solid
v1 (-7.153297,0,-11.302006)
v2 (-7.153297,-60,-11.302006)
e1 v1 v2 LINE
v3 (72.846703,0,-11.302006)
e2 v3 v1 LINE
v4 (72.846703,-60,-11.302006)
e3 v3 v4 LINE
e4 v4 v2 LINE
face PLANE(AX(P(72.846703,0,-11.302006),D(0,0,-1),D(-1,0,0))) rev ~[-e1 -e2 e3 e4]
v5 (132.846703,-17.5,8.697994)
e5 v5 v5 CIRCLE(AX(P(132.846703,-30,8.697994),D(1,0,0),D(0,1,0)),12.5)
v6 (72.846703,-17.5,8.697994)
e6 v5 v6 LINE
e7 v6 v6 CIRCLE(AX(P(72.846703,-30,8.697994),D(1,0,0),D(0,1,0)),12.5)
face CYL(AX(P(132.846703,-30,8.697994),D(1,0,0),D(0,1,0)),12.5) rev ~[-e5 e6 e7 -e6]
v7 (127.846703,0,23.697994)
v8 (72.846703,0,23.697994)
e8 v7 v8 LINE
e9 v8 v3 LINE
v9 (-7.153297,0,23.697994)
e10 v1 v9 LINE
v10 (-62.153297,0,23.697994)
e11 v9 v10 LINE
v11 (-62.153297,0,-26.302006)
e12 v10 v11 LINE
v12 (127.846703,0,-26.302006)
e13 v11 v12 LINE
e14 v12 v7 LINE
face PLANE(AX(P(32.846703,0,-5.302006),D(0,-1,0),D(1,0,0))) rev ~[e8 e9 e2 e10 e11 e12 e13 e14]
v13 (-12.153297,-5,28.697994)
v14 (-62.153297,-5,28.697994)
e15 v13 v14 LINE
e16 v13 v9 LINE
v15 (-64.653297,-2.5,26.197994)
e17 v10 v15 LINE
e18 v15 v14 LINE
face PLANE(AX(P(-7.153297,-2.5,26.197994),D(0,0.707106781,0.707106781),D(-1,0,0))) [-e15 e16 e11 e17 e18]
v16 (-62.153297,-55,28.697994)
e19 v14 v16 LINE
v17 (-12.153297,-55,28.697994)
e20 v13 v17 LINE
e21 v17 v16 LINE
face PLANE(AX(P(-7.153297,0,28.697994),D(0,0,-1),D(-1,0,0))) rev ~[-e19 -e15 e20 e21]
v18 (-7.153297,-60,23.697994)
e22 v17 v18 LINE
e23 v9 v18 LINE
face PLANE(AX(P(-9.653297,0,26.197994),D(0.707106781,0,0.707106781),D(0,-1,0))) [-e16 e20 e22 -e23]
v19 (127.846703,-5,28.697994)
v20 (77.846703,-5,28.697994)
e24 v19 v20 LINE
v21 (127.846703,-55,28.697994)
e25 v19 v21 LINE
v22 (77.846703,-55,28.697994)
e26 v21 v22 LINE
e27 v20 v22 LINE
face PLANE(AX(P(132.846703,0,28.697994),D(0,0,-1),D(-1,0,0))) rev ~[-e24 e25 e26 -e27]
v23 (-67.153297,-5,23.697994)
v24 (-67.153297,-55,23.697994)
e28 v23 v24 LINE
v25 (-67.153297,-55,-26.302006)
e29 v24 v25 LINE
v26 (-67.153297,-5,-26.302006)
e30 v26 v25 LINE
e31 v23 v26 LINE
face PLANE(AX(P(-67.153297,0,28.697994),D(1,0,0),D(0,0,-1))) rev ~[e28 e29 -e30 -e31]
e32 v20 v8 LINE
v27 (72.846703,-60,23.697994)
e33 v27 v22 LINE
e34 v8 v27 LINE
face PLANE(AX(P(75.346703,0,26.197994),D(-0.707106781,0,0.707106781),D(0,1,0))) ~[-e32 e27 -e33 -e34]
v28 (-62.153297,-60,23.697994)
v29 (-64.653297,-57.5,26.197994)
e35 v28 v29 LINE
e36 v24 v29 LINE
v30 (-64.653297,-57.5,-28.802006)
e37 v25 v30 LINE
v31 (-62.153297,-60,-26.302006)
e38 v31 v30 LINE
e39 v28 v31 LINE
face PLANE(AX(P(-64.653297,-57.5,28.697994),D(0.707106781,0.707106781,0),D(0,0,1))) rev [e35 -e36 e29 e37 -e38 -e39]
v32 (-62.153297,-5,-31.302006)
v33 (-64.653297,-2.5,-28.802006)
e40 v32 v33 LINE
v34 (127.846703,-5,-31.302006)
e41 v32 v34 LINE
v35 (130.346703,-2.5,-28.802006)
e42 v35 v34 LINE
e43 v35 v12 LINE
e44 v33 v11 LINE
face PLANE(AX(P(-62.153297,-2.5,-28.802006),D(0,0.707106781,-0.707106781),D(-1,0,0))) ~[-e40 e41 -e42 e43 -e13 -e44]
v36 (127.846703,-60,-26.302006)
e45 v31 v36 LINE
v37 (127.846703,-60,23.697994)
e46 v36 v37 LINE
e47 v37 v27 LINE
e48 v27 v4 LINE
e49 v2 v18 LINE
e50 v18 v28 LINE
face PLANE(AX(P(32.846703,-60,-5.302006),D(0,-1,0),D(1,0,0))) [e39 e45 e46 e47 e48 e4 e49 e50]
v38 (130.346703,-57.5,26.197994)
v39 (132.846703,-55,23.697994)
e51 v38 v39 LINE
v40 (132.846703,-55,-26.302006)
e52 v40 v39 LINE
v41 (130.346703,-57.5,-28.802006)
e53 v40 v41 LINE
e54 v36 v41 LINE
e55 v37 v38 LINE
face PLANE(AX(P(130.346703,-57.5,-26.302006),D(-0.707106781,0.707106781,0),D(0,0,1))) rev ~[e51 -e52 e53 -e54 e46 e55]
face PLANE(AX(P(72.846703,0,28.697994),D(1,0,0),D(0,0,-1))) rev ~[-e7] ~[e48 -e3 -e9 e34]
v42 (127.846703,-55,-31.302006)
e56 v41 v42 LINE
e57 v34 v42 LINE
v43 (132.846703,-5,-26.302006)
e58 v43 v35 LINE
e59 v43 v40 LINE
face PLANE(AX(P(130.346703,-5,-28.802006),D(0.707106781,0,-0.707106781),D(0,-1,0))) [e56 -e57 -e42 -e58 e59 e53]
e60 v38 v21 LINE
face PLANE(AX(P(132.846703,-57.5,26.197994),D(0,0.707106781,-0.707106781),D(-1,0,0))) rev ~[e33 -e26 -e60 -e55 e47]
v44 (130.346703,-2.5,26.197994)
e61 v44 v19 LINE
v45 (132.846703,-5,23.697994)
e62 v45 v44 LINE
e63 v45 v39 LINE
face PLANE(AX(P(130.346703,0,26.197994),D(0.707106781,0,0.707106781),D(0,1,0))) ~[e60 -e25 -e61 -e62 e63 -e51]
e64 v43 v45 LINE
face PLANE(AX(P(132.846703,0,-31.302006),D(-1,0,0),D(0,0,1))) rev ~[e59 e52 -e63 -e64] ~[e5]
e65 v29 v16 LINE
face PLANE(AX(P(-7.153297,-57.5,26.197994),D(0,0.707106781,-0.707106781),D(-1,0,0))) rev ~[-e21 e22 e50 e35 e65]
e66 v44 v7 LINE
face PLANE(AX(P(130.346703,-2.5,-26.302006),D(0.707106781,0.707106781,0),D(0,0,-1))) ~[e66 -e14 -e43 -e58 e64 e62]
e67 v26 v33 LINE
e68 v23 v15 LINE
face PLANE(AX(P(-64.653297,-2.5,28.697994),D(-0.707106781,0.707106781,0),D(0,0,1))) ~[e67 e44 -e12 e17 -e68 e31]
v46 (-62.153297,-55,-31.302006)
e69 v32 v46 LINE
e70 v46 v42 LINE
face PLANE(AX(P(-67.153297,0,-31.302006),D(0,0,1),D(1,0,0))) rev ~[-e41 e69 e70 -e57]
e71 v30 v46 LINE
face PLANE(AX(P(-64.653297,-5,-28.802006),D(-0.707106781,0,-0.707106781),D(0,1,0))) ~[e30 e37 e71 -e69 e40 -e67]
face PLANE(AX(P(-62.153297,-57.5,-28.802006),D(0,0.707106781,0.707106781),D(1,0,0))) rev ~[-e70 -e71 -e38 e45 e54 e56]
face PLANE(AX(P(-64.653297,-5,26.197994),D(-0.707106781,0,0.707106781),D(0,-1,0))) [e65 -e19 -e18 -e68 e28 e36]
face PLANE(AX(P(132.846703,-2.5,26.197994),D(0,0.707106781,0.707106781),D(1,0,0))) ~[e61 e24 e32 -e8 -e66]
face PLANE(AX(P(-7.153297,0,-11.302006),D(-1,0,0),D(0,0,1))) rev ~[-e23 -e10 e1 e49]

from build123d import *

# Parameters (mm, degrees)
F1_DEPTH = 60
F2_R     = 12.5
F3_DEPTH = 99
F4_SIZE  = 5
F5_SIZE  = 5
F6_SIZE  = 5
F7_SIZE  = 5


with BuildPart() as f1:
    # F0 (on Front) → F1 (new body)
    with BuildSketch(Plane.XZ):
        Polygon((-7.1532973647, 28.6979936063), (-67.1532973647, 28.6979936063), (-67.1532973647, -31.3020063937), (132.8467026353, -31.3020063937), (132.8467026353, 28.6979936063), (72.8467026353, 28.6979936063), (72.8467026353, -11.3020063937), (-7.1532973647, -11.3020063937), align=None)
    extrude(amount=F1_DEPTH)

    # F2 (on face) → F3 (cut)
    with BuildSketch(Plane.YZ.offset(132.8467026353)):
        with Locations((-30, 8.6979936063)):
            Circle(F2_R)
    extrude(amount=-F3_DEPTH, mode=Mode.SUBTRACT)

    # F4
    f4_edges = [f1.edges().sort_by_distance(p)[0] for p in [
        (-67.153297, -60, -1.302006),
        (-67.153297, 0, -1.302006),
    ]]
    chamfer(f4_edges, length=F4_SIZE)

    # F5 (call 1 of 2: OpenCascade refuses the feature's edges together)
    f5_edges = [f1.edges().sort_by_distance(p)[0] for p in [
        (35.346703, -60, -31.302006),
    ]]
    chamfer(f5_edges, length=F5_SIZE)

    # F5#2 (call 2 of 2)
    f5_2_edges = [f1.edges().sort_by_distance(p)[0] for p in [
        (-67.153297, -30, -31.302006),
    ]]
    chamfer(f5_2_edges, length=F5_SIZE)

    # F6
    f6_edges = [f1.edges().sort_by_distance(p)[0] for p in [
        (-67.153297, -30, 28.697994),
        (132.846703, -30, 28.697994),
        (102.846703, 0, 28.697994),
        (102.846703, -60, 28.697994),
        (72.846703, -30, 28.697994),
        (35.346703, 0, -31.302006),
    ]]
    chamfer(f6_edges, length=F6_SIZE)

    # F7 (call 1 of 4: OpenCascade refuses the feature's edges together)
    f7_edges = [f1.edges().sort_by_distance(p)[0] for p in [
        (132.846703, -60, -1.302006),
    ]]
    chamfer(f7_edges, length=F7_SIZE)

    # F7#2 (call 2 of 4)
    f7_2_edges = [f1.edges().sort_by_distance(p)[0] for p in [
        (132.846703, 0, -1.302006),
    ]]
    chamfer(f7_2_edges, length=F7_SIZE)

    # F7#3 (call 3 of 4)
    f7_3_edges = [f1.edges().sort_by_distance(p)[0] for p in [
        (132.846703, -30, -31.302006),
    ]]
    chamfer(f7_3_edges, length=F7_SIZE)

    # F7#4 (call 4 of 4)
    f7_4_edges = [f1.edges().sort_by_distance(p)[0] for p in [
        (-7.153297, -30, 28.697994),
        (-34.653297, -60, 28.697994),
        (-34.653297, 0, 28.697994),
    ]]
    chamfer(f7_4_edges, length=F7_SIZE)


solid = f1.part
